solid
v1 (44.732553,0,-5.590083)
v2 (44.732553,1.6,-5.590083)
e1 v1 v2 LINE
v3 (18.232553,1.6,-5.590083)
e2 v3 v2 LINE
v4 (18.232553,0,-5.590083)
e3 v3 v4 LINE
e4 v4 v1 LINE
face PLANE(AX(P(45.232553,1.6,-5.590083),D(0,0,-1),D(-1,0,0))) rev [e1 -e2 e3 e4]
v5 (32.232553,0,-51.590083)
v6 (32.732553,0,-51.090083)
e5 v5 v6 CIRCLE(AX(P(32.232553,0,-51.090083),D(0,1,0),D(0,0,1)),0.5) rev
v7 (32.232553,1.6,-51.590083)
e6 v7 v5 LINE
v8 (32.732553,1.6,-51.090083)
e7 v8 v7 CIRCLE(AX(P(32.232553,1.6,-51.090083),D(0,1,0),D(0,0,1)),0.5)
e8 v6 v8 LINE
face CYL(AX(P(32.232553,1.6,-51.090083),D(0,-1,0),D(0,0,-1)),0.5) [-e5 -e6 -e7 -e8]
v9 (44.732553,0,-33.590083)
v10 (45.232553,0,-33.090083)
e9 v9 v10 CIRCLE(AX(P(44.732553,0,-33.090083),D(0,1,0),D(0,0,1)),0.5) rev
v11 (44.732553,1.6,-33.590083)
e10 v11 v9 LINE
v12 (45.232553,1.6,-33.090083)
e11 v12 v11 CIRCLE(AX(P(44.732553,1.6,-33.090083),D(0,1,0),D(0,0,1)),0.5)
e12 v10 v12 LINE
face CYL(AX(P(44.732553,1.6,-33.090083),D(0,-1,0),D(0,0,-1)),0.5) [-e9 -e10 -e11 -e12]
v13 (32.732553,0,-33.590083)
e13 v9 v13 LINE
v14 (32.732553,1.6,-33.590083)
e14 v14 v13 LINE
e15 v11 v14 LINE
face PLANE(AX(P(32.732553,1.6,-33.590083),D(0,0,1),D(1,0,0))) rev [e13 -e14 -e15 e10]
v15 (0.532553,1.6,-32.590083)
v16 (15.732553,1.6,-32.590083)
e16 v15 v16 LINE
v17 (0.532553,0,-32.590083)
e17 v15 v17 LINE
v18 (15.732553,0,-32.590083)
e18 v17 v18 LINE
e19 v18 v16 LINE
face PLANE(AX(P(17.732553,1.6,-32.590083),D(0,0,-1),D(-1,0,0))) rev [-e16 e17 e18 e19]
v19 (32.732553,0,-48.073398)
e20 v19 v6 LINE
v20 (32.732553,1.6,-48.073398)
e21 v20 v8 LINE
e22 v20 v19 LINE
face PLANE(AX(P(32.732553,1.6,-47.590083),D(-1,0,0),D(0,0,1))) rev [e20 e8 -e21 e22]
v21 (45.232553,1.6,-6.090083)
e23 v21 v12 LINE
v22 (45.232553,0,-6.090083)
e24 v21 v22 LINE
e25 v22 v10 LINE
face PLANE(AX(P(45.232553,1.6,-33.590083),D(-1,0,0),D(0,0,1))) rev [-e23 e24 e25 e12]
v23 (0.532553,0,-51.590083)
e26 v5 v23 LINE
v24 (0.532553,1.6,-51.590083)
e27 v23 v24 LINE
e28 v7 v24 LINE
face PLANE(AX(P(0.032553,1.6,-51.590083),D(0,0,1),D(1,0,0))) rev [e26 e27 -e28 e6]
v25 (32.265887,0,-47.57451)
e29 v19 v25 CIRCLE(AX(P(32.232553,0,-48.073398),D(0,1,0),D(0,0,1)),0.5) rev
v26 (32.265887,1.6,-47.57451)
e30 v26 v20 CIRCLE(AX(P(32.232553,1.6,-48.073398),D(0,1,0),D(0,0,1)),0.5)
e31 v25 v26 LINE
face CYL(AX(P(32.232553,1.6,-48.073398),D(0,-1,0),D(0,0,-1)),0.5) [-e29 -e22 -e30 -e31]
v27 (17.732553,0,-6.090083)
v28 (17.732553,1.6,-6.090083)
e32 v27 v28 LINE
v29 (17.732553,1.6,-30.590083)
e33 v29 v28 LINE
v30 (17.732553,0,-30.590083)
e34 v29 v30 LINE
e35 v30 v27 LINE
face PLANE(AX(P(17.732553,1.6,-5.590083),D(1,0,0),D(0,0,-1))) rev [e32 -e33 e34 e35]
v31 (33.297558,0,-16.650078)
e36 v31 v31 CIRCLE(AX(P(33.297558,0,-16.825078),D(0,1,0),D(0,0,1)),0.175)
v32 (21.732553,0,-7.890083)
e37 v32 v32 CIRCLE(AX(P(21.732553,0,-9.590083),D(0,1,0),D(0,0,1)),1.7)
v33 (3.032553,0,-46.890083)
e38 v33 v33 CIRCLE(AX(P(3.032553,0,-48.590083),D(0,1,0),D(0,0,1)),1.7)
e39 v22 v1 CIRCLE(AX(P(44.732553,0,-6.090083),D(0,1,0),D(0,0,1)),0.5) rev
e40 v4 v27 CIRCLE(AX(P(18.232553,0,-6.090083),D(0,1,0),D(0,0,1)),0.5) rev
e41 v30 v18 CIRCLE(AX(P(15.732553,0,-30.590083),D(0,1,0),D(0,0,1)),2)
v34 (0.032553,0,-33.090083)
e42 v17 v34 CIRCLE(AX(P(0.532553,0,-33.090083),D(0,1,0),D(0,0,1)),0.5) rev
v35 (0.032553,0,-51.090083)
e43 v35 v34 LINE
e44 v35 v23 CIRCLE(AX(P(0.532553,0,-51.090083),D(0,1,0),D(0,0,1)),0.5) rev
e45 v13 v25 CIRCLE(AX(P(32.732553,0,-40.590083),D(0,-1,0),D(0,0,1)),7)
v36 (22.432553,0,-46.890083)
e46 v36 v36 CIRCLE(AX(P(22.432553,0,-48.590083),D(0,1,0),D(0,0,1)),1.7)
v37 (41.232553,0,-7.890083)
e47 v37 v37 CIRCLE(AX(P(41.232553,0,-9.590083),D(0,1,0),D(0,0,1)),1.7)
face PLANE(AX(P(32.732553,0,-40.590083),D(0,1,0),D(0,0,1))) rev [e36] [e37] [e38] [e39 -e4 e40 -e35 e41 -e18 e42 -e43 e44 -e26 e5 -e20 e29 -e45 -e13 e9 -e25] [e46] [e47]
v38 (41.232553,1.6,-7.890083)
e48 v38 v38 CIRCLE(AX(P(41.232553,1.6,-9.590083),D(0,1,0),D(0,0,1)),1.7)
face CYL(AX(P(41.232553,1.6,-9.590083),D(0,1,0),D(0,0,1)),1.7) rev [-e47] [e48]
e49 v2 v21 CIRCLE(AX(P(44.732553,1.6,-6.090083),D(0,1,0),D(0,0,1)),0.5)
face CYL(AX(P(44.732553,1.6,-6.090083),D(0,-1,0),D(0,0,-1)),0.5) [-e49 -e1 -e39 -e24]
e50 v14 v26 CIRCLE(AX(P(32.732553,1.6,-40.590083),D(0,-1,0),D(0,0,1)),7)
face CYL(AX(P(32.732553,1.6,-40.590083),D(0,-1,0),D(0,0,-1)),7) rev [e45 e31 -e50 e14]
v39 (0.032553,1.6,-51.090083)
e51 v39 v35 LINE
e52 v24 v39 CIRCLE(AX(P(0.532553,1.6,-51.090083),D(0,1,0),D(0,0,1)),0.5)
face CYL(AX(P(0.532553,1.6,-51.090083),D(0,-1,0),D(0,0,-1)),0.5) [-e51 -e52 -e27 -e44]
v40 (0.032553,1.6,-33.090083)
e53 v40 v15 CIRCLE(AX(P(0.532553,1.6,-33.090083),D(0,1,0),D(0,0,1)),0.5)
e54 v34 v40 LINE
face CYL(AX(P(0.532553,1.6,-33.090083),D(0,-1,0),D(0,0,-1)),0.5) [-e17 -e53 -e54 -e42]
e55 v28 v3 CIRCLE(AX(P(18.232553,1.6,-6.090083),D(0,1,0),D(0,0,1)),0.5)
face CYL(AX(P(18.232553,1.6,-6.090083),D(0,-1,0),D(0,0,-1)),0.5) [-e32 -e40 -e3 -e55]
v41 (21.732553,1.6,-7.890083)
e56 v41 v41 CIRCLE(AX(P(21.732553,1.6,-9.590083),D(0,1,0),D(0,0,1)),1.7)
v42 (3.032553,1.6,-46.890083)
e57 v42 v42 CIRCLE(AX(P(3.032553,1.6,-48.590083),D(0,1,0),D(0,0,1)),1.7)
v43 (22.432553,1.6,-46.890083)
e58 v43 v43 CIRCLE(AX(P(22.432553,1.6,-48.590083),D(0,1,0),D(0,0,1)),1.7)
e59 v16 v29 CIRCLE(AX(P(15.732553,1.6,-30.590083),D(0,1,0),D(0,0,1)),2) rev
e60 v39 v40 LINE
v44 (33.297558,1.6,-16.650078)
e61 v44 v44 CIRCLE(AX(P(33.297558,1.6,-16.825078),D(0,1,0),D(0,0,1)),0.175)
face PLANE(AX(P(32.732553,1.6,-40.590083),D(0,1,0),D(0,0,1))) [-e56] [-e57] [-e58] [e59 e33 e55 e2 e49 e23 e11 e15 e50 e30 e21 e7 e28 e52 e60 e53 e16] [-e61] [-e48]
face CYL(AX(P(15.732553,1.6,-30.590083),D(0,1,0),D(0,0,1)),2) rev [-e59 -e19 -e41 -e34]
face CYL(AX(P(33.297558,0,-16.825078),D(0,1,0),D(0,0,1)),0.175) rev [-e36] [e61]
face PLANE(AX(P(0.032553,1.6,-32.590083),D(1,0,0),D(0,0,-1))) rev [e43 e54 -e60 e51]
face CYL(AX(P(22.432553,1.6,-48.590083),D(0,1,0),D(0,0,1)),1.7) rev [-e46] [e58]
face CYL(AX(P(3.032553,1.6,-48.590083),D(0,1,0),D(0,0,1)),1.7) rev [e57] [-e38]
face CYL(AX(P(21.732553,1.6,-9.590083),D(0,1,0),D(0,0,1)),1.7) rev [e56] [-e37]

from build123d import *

# Parameters (mm, degrees)
BOSS_EXTRUDE1_DEPTH  = 1.6
FILLET1_R            = 0.5
FILLET2_R            = 2
M3_CLEARANCE_HOLE1_D = 3.4
SKETCH4_R            = 0.175
CUT_EXTRUDE1_DEPTH   = 2.6


with BuildPart() as part:
    # Sketch1 → Boss-Extrude1 (new body)
    with BuildSketch(Plane(origin=(0, 0, 0), x_dir=(1, 0, 0), z_dir=(0, 1, 0))):
        with BuildLine():
            Line((0.032553291, 32.590082792), (0.032553291, 51.590082792))
            Line((0.032553291, 51.590082792), (32.732553291, 51.590082792))
            Line((32.732553291, 51.590082792), (32.732553291, 47.590082792))
            ThreePointArc((32.732553291, 47.590082792), (25.732553291, 40.590082792), (32.732553291, 33.590082792))
            Line((32.732553291, 33.590082792), (45.232553291, 33.590082792))
            Line((45.232553291, 33.590082792), (45.232553291, 5.590082792))
            Line((45.232553291, 5.590082792), (17.732553291, 5.590082792))
            Line((17.732553291, 5.590082792), (17.732553291, 32.590082792))
            Line((17.732553291, 32.590082792), (0.032553291, 32.590082792))
        make_face()
    extrude(amount=BOSS_EXTRUDE1_DEPTH)

    # Fillet1
    fillet1_edges = [part.edges().sort_by_distance(p)[0] for p in [
        (32.732553291, 0.8, -51.590082792),
        (32.732553291, 0.8, -47.590082792),
        (45.232553291, 0.8, -33.590082792),
        (45.232553291, 0.8, -5.590082792),
        (17.732553291, 0.8, -5.590082792),
        (0.032553291, 0.8, -32.590082792),
        (0.032553291, 0.8, -51.590082792),
    ]]
    fillet(fillet1_edges, radius=FILLET1_R)

    # Fillet2
    fillet2_edges = [part.edges().sort_by_distance(p)[0] for p in [
        (17.732553291, 0.8, -32.590082792),
    ]]
    fillet(fillet2_edges, radius=FILLET2_R)

    # M3 Clearance Hole1 (through all)
    with Locations(Plane(origin=(0, 1.6, 0), x_dir=(1, 0, 0), z_dir=(0, 1, 0))):
        with Locations((3.032553291, 48.590082792), (22.432553291, 48.590082792), (21.732553291, 9.590082792), (41.232553291, 9.590082792)):
            Hole(M3_CLEARANCE_HOLE1_D / 2)

    # Sketch4 → Cut-Extrude1 (cut, through all)
    with BuildSketch(Plane(origin=(0, 1.6, 0), x_dir=(1, 0, 0), z_dir=(0, 1, 0))):
        with Locations((33.297557825, 16.825078258)):
            Circle(SKETCH4_R)
    extrude(amount=-CUT_EXTRUDE1_DEPTH, mode=Mode.SUBTRACT)


solid = part.part
